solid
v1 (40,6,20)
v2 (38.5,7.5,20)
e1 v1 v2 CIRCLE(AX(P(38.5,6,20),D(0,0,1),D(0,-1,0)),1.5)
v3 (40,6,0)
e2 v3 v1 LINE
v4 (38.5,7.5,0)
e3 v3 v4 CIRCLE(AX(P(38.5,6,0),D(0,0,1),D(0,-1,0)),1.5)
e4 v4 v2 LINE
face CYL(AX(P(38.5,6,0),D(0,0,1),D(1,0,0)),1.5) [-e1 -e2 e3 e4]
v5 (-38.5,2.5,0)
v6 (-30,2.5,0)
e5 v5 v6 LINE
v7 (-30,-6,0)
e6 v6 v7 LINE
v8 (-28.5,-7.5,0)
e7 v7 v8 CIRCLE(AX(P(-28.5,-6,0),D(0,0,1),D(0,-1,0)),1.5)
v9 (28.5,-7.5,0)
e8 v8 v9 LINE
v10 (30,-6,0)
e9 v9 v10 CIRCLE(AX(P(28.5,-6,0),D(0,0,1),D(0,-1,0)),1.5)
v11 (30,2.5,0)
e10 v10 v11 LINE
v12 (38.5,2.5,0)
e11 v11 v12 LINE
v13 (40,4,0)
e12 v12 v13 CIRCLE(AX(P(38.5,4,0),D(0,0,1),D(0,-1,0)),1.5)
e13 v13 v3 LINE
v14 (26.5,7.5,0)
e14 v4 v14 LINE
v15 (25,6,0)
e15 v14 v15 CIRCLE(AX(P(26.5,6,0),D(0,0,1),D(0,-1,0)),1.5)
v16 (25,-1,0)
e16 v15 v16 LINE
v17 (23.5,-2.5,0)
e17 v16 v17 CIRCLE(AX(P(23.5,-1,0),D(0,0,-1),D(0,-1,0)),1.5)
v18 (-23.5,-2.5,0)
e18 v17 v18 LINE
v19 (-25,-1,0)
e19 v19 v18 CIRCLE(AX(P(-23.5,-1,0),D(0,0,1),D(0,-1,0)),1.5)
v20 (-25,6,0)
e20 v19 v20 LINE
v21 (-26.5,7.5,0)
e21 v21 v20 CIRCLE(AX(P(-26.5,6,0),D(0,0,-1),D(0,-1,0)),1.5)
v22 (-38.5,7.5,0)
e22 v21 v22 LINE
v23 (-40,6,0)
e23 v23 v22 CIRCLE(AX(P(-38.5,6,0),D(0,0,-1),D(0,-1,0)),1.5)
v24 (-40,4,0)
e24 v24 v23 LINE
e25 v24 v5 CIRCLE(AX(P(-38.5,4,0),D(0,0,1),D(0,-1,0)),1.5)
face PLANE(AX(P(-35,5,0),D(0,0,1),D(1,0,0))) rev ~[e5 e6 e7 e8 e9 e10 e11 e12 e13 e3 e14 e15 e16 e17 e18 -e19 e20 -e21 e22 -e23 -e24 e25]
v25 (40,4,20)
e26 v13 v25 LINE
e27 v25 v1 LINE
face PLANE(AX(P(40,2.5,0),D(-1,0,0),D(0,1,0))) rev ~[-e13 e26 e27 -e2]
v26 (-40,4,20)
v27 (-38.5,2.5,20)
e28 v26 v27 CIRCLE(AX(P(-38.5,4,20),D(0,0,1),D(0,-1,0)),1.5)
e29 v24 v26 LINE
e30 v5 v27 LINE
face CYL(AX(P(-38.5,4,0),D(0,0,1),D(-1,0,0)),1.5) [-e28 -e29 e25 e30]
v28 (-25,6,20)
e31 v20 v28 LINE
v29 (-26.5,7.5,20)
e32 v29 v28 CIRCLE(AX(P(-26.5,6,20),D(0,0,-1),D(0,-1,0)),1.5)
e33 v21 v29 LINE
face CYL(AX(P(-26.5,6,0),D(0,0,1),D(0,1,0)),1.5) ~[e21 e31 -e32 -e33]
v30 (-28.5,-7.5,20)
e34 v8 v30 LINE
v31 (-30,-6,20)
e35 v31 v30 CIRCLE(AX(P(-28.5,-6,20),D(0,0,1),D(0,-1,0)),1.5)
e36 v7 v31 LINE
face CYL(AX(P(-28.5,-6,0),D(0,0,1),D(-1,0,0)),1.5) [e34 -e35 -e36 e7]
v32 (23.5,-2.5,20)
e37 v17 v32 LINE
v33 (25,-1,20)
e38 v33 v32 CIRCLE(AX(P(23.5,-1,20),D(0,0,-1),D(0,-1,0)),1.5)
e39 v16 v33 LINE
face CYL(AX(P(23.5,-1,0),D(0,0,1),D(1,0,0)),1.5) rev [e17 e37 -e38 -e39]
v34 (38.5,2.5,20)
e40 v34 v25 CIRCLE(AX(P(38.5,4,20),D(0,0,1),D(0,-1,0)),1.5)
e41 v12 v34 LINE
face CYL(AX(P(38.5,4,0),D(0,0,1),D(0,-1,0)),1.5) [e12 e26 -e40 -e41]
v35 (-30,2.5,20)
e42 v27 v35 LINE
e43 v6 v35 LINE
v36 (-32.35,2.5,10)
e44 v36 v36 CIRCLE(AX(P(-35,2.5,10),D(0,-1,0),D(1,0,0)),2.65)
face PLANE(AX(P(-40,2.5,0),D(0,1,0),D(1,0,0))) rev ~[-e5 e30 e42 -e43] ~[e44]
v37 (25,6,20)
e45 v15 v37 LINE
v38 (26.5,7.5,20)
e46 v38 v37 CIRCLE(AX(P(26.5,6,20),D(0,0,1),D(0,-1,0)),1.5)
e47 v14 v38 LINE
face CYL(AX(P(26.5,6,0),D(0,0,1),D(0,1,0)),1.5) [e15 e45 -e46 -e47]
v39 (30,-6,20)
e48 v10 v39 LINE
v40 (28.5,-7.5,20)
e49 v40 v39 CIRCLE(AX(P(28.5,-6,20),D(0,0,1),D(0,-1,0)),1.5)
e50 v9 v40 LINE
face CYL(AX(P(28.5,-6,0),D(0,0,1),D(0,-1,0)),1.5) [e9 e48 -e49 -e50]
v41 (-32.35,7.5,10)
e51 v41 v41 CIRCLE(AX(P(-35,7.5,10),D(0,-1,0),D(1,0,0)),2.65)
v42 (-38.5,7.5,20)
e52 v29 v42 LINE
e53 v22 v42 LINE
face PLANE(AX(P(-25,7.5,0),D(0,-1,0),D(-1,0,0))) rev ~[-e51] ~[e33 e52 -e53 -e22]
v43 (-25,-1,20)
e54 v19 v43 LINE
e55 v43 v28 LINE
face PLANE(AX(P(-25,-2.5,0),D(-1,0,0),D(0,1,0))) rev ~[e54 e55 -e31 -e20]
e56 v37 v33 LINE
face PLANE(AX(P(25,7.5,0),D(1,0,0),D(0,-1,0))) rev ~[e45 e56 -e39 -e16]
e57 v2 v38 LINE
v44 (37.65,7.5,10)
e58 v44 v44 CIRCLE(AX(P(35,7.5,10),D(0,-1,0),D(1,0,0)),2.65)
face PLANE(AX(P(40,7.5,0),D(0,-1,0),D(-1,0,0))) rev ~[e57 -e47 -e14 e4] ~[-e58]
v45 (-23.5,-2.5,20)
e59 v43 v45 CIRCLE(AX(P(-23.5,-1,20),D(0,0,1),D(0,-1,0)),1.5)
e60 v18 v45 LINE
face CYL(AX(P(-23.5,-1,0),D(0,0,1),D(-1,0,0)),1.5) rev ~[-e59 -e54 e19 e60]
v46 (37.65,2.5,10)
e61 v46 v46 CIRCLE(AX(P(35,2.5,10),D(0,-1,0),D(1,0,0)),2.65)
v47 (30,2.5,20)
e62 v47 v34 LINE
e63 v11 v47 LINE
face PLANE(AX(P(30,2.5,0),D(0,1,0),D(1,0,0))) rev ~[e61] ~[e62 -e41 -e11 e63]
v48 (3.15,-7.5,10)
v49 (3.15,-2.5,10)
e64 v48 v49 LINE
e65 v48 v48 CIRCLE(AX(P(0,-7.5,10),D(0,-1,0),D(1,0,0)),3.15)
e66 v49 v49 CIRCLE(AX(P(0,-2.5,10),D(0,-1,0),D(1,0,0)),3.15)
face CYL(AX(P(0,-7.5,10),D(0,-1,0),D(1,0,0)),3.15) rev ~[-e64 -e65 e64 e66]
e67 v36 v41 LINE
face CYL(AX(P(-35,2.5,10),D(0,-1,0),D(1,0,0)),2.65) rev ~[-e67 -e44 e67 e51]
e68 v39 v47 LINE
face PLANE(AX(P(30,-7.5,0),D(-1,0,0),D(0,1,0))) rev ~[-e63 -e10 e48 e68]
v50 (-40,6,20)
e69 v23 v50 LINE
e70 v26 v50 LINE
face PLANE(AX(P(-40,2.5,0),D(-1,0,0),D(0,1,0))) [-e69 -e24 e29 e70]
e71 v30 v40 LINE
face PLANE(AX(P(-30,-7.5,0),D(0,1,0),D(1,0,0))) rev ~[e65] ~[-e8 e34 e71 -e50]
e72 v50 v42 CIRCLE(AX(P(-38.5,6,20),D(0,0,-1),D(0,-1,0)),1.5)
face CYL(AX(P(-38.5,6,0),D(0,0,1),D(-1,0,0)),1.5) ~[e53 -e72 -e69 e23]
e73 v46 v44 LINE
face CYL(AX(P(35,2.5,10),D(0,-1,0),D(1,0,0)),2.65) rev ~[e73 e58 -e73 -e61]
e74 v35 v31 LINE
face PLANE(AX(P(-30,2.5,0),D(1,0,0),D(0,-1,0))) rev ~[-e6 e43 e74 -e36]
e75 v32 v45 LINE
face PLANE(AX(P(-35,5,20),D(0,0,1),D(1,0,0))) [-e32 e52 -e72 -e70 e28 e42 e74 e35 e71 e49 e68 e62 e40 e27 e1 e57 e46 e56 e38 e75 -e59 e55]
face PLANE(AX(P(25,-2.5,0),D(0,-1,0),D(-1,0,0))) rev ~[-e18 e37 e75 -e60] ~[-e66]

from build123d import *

# Parameters (mm, degrees)
F0_W     = 10
F0_H     = 5
F1_DEPTH = 20
F2_R     = 3.15
F3_DEPTH = 25
F4_R     = 2.65
F5_DEPTH = 25
F6_R     = 1.5


with BuildPart() as f1:
    # F0 (on Top) → F1 (new body)
    with BuildSketch(Plane.XY):
        with Locations((-35, 5)):
            Rectangle(F0_W, F0_H)
        Polygon((30, 2.5), (30, 7.5), (25, 7.5), (25, -2.5), (-25, -2.5), (-25, 7.5), (-30, 7.5), (-30, 2.5), (-30, -7.5), (30, -7.5), align=None)
        with Locations((35, 5)):
            Rectangle(F0_W, F0_H)
    extrude(amount=F1_DEPTH)

    # F2 (on face) → F3 (cut)
    with BuildSketch(Plane.XZ.offset(7.5)):
        with Locations((0, 10)):
            Circle(F2_R)
    extrude(amount=-F3_DEPTH, mode=Mode.SUBTRACT)

    # F4 (on face) → F5 (cut)
    with BuildSketch(Plane.XZ.offset(-2.5)):
        with Locations((-35, 10)):
            Circle(F4_R)
        with Locations((35, 10)):
            Circle(F4_R)
    extrude(amount=-F5_DEPTH, mode=Mode.SUBTRACT)

    # F6
    f6_edges = [f1.edges().sort_by_distance(p)[0] for p in [
        (-25, -2.5, 10),
        (25, -2.5, 10),
        (40, 7.5, 10),
        (40, 2.5, 10),
        (30, -7.5, 10),
        (-30, -7.5, 10),
        (-40, 2.5, 10),
        (-40, 7.5, 10),
        (-25, 7.5, 10),
        (25, 7.5, 10),
    ]]
    fillet(f6_edges, radius=F6_R)


solid = f1.part
